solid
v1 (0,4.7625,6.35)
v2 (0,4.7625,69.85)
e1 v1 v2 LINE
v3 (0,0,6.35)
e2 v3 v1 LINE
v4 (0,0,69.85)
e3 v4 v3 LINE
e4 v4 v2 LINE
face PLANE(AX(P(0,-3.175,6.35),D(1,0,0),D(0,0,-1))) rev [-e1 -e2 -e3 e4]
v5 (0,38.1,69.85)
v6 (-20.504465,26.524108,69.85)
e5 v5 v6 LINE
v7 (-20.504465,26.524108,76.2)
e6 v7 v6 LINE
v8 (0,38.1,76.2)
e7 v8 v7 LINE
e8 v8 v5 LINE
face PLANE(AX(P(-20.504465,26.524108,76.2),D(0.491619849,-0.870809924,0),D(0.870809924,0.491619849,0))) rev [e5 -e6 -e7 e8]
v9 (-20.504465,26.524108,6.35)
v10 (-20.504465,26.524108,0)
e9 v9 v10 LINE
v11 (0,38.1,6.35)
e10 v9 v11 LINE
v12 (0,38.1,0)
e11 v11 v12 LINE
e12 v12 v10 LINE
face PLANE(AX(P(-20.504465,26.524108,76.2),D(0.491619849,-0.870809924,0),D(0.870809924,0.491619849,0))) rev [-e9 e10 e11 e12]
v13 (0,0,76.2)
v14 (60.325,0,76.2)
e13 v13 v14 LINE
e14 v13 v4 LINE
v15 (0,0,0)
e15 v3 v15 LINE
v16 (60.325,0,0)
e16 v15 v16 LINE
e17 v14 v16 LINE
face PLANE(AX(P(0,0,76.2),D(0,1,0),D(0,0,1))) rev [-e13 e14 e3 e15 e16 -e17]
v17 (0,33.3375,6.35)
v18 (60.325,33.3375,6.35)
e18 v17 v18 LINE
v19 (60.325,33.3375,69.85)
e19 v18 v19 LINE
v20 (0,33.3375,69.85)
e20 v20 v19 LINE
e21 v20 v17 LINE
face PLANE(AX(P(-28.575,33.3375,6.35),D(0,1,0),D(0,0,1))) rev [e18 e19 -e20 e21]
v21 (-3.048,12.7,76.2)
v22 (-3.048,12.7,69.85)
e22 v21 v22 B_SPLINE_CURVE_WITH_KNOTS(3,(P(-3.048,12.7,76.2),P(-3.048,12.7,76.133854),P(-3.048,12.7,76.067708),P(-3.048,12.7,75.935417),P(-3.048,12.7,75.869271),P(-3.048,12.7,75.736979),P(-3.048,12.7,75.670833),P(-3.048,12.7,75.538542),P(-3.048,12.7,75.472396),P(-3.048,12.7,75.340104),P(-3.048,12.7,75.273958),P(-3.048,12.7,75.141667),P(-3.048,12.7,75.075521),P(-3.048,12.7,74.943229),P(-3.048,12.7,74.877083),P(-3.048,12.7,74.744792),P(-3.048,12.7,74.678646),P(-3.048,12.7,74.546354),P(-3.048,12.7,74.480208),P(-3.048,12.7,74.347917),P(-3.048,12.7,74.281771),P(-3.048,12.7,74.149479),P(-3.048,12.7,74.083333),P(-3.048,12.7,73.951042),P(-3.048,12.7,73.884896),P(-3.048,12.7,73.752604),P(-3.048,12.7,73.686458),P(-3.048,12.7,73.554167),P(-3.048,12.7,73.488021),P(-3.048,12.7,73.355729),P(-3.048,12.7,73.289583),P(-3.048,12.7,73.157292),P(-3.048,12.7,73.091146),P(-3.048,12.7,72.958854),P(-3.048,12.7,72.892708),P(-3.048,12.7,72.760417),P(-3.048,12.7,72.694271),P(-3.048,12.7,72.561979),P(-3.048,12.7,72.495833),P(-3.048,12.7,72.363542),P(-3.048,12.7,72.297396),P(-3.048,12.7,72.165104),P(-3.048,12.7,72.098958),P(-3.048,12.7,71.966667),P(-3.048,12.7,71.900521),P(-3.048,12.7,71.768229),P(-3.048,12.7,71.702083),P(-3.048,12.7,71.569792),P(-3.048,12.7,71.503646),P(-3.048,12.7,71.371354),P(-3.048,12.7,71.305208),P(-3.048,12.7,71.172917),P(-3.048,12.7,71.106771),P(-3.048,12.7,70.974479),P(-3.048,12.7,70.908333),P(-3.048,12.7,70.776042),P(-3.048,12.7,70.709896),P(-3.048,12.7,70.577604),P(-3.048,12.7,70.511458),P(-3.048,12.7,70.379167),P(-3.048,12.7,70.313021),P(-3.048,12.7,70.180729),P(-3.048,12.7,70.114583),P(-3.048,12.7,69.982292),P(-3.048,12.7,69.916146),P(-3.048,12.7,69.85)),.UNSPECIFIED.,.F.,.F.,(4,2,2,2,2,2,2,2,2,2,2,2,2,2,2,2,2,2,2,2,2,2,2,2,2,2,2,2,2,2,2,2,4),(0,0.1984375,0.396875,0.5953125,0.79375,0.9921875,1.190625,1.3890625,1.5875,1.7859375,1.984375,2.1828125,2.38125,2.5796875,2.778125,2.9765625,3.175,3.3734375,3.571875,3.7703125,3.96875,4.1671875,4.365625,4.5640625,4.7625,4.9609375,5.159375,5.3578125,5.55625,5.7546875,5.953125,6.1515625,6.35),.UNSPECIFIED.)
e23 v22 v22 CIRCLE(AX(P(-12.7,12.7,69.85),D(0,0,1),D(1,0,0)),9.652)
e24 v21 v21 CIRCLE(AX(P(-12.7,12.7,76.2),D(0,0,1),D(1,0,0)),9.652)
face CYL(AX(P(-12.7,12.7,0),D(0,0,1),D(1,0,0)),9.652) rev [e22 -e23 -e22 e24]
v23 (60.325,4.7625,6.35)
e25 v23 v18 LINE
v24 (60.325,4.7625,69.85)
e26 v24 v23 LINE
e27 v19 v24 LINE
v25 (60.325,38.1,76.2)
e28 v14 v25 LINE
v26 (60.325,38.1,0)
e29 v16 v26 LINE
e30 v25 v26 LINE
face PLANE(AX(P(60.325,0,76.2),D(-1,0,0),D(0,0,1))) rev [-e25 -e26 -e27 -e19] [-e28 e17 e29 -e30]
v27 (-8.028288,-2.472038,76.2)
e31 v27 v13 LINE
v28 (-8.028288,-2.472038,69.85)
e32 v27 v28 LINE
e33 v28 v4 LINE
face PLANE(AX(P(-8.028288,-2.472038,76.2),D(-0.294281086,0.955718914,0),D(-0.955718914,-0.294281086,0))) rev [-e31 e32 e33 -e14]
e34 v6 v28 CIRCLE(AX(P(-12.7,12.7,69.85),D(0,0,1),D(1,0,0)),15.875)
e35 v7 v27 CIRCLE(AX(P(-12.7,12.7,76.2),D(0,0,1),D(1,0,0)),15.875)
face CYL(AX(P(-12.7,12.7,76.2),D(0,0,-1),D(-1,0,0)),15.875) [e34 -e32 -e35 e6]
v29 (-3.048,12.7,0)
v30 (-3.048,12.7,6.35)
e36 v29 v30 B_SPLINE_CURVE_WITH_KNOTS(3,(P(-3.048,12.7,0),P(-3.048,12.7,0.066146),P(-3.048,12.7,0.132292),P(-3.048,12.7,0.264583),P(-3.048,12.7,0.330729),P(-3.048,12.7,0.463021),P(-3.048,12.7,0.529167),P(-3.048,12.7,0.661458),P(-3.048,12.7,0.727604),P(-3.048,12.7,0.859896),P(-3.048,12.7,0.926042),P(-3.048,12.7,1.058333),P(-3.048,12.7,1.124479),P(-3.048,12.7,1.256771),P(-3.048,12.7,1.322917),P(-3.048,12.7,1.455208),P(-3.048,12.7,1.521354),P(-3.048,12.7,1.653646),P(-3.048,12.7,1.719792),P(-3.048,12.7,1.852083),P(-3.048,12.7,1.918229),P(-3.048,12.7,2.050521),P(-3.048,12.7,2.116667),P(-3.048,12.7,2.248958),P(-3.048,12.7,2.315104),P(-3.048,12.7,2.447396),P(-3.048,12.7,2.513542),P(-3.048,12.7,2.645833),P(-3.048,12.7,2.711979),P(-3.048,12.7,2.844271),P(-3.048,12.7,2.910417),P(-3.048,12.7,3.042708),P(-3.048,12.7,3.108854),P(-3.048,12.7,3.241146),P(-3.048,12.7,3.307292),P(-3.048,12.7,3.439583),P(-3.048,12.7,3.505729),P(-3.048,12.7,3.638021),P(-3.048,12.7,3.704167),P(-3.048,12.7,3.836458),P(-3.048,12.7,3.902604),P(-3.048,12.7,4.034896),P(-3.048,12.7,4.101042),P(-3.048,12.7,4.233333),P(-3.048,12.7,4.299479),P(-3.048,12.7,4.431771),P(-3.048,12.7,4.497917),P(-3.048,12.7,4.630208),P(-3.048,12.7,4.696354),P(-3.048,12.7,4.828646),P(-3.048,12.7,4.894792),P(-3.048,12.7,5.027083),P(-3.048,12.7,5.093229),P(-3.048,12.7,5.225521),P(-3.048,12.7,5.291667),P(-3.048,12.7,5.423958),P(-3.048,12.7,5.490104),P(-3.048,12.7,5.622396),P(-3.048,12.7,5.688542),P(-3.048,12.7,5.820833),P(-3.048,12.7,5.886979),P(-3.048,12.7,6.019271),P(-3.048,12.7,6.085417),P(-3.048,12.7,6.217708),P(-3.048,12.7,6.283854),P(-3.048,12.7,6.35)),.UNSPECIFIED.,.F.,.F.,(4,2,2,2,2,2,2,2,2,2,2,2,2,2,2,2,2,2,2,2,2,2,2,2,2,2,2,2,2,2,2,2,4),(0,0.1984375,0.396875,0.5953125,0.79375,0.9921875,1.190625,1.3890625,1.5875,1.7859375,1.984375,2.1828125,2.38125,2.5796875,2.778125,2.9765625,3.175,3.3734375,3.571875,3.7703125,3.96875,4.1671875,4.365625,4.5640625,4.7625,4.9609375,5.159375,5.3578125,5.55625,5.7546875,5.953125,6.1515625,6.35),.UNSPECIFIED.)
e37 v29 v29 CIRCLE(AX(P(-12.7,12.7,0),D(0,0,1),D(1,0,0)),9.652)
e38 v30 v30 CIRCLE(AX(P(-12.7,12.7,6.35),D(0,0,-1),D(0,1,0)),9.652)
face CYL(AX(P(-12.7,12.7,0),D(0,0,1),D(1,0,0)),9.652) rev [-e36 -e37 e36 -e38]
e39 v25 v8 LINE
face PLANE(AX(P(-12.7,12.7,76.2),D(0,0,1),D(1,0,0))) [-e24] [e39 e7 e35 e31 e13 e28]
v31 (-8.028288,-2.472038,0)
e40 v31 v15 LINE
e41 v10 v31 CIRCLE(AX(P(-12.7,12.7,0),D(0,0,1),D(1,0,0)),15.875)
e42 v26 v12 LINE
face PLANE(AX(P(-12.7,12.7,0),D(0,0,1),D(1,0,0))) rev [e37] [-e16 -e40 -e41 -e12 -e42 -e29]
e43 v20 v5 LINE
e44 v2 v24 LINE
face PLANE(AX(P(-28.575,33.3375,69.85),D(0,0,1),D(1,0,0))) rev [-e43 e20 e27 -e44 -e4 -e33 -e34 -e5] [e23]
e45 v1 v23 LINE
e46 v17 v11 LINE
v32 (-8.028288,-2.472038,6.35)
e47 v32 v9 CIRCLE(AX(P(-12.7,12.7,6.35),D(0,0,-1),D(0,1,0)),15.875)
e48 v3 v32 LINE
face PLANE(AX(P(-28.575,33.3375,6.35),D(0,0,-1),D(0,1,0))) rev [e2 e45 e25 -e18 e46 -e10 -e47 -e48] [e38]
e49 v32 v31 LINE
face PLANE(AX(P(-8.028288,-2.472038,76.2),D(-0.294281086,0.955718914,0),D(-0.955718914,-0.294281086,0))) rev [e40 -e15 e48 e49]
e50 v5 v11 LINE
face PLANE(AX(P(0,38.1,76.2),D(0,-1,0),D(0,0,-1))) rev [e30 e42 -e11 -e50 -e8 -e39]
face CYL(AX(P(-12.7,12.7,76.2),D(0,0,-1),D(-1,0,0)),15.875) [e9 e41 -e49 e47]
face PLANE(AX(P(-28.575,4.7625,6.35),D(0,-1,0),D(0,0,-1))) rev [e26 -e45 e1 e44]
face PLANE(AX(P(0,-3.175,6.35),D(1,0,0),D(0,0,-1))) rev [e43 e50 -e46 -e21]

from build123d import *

# Parameters (mm, degrees)
MASS_DEPTH                = 76.2
SKETCH17_W                = 63.5
SKETCH17_H                = 28.575
HOLLOW1_DEPTH             = 124.131068378
SKETCH19_W                = 50.8
SKETCH19_H                = 63.5
HOLLOW2_DEPTH             = 106.589636092
SKETCH20_R                = 9.652
HORIZ_BEARING_MOUNT_DEPTH = 105.389442115


with BuildPart() as part:
    # Sketch2 → Mass (new body)
    with BuildSketch(Plane.XY):
        with BuildLine():
            Line((0, 0), (60.325, 0))
            Line((60.325, 0), (60.325, 38.1))
            Line((60.325, 38.1), (0, 38.1))
            Line((0, 38.1), (-20.504465098, 26.524107549))
            ThreePointArc((-20.504465098, 26.524107549), (-27.282443066, 6.425609255), (-8.028287758, -2.472037758))
            Line((-8.028287758, -2.472037758), (0, 0))
        make_face()
    extrude(amount=MASS_DEPTH)

    # Sketch17 → Hollow1 (cut, through all)
    with BuildSketch(Plane(origin=(60.325, 0, 0), x_dir=(0, 0, -1), z_dir=(1, 0, 0))):
        with Locations((-38.1, 19.05)):
            Rectangle(SKETCH17_W, SKETCH17_H)
    extrude(amount=-HOLLOW1_DEPTH, mode=Mode.SUBTRACT)

    # Sketch19 → Hollow2 (cut, through all)
    with BuildSketch(Plane(origin=(0, 38.1, 0), x_dir=(1, 0, 0), z_dir=(0, 1, 0))):
        with Locations((-25.4, -38.1)):
            Rectangle(SKETCH19_W, SKETCH19_H)
    extrude(amount=-HOLLOW2_DEPTH, mode=Mode.SUBTRACT)

    # Sketch20 → Horiz. Bearing Mount (cut, through all)
    with BuildSketch(Plane.XY.offset(76.2)):
        with Locations((-12.7, 12.7)):
            Circle(SKETCH20_R)
    extrude(amount=-HORIZ_BEARING_MOUNT_DEPTH, mode=Mode.SUBTRACT)


solid = part.part
